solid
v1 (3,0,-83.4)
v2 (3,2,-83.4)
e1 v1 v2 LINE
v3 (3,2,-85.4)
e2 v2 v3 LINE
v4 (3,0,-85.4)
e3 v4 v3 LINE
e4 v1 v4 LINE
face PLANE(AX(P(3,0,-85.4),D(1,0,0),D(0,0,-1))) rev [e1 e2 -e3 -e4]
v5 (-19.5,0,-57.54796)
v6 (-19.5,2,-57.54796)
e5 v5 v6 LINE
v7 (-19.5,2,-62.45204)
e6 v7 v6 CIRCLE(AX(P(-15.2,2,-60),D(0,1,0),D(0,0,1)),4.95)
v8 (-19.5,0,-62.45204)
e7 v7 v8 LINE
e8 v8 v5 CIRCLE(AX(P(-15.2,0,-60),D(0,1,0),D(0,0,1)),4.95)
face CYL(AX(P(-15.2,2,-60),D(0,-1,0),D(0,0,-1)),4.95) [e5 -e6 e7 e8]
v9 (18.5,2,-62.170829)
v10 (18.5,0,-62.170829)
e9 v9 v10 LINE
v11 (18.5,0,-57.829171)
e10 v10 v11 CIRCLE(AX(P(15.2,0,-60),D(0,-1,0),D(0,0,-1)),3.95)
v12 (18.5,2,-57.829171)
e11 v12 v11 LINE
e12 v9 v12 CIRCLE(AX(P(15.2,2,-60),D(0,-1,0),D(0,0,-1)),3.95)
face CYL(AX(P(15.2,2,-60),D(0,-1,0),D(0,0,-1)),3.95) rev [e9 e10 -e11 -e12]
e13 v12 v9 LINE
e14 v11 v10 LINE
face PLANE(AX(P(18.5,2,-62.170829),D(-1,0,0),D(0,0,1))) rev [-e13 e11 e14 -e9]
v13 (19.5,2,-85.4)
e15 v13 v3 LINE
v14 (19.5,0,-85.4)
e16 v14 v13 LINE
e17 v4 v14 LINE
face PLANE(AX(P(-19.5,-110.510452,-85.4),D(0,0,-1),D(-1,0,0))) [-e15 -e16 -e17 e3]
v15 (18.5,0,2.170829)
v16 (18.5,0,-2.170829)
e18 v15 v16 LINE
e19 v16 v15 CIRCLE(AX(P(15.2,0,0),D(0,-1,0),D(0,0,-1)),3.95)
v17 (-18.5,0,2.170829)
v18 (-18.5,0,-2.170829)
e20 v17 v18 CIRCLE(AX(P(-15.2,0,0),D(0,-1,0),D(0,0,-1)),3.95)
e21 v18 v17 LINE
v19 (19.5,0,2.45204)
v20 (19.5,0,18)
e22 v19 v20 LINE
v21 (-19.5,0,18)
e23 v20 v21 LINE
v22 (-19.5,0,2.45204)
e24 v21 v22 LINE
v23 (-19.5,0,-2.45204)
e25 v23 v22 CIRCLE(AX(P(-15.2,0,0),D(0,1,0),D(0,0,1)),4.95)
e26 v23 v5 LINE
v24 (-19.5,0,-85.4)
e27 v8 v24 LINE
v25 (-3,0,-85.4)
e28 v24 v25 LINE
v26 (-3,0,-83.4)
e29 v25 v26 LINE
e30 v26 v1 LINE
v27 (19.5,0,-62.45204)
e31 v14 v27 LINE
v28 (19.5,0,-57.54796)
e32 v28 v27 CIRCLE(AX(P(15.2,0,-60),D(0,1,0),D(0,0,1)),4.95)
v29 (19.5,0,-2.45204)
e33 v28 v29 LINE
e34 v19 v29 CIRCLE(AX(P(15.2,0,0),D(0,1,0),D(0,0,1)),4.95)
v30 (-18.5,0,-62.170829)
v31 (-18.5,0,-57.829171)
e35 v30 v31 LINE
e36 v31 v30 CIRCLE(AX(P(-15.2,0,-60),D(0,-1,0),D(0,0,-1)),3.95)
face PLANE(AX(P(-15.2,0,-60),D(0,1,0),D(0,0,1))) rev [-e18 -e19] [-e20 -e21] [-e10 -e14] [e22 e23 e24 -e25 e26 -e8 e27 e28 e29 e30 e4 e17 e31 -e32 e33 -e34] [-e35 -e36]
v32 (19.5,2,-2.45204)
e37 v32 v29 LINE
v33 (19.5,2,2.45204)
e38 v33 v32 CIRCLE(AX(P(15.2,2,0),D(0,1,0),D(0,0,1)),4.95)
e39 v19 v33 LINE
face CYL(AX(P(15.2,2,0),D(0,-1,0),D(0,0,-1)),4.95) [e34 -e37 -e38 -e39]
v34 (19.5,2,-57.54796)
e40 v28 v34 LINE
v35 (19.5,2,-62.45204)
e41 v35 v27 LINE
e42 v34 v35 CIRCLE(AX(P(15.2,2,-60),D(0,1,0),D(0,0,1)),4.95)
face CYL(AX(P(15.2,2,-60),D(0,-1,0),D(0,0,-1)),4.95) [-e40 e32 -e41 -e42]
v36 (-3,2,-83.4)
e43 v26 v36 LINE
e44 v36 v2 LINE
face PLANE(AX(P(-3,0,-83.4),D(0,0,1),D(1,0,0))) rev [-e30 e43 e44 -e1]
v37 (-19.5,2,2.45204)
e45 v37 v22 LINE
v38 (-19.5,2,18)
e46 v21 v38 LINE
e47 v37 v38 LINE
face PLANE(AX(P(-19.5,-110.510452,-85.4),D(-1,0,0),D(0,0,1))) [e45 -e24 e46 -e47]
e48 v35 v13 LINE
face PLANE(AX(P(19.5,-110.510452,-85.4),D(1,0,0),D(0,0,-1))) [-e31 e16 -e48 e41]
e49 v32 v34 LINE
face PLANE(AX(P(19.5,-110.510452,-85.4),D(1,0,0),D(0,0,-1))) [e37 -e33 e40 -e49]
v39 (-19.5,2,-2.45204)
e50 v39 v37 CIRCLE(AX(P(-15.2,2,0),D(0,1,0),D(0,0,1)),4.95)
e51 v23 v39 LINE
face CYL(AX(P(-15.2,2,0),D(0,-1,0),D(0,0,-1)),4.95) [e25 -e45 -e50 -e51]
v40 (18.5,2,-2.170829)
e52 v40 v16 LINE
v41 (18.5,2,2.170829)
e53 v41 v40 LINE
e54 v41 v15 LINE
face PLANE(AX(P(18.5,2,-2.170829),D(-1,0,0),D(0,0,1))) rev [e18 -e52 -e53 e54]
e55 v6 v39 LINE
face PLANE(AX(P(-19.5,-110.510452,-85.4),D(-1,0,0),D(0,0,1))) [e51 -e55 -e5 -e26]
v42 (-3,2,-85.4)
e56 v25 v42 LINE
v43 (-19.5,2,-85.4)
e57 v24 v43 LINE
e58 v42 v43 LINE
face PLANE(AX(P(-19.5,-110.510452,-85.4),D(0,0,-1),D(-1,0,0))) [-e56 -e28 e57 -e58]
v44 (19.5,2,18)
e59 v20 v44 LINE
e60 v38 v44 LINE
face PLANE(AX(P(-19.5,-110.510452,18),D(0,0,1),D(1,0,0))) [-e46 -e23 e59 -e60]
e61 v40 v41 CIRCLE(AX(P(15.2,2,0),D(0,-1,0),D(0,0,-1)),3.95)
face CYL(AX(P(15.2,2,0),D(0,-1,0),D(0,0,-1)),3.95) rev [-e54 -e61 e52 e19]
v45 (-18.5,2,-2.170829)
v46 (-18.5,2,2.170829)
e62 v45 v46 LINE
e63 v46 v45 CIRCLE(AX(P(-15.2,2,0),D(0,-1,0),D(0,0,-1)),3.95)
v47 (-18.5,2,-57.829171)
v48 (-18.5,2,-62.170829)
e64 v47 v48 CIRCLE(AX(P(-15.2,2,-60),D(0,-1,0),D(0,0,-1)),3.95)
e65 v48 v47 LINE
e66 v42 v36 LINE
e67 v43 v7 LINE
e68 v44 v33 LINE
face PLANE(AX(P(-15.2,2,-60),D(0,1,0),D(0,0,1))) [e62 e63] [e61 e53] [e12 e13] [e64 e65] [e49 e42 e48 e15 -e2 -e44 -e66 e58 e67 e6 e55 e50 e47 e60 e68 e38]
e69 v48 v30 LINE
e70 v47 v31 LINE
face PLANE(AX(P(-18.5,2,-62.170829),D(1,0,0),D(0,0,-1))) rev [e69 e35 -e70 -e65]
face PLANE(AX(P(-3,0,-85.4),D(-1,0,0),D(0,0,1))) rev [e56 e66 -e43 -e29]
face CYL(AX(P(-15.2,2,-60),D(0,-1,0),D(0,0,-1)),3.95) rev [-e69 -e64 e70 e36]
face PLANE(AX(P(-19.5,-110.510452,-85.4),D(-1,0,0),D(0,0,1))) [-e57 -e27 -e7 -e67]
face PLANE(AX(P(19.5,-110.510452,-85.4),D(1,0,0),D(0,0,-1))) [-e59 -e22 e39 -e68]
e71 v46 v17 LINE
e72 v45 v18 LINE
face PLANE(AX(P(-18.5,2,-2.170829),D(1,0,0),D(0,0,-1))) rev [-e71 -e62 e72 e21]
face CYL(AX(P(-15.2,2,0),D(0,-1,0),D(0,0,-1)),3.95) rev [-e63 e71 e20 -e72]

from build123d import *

# Parameters (mm, degrees)
SKETCH1_R             = 4.95
BOSS_EXTRUDE1_DEPTH   = 2
BOSS_EXTRUDE1_2_DEPTH = 2
BOSS_EXTRUDE1_3_DEPTH = 2
BOSS_EXTRUDE1_4_DEPTH = 2
SKETCH2_W             = 39
SKETCH2_H             = 103.4
BOSS_EXTRUDE2_DEPTH   = 2
SKETCH3_W             = 6
SKETCH3_H             = 2
CUT_EXTRUDE1_DEPTH    = 88.767775977
CUT_EXTRUDE2_DEPTH    = 88.767775977


with BuildPart() as part:
    # Sketch1 → Boss-Extrude1 (new body)
    with BuildSketch(Plane(origin=(0, 0, 0), x_dir=(1, 0, 0), z_dir=(0, 1, 0))):
        with Locations(Location((-15.2, 60, 0), (0, 0, 270))):
            Circle(SKETCH1_R)
    extrude(amount=BOSS_EXTRUDE1_DEPTH)



with BuildPart() as body_2:
    # Sketch1 → Boss-Extrude1 2 (new body)
    with BuildSketch(Plane(origin=(0, 0, 0), x_dir=(1, 0, 0), z_dir=(0, 1, 0))):
        with Locations(Location((15.2, 60, 0), (0, 0, 270))):
            Circle(SKETCH1_R)
    extrude(amount=BOSS_EXTRUDE1_2_DEPTH)


with BuildPart() as body_3:
    # Sketch1 → Boss-Extrude1 3 (new body)
    with BuildSketch(Plane(origin=(0, 0, 0), x_dir=(1, 0, 0), z_dir=(0, 1, 0))):
        with Locations(Location((15.2, 0, 0), (0, 0, 270))):
            Circle(SKETCH1_R)
    extrude(amount=BOSS_EXTRUDE1_3_DEPTH)


with BuildPart() as body_4:
    # Sketch1 → Boss-Extrude1 4 (new body)
    with BuildSketch(Plane(origin=(0, 0, 0), x_dir=(1, 0, 0), z_dir=(0, 1, 0))):
        with Locations(Location((-15.2, 0, 0), (0, 0, 270))):
            Circle(SKETCH1_R)
    extrude(amount=BOSS_EXTRUDE1_4_DEPTH)


with BuildPart() as part_1:
    add(part.part)

    add(body_2.part)  # Boss-Extrude2 merges body 2

    add(body_3.part)  # Boss-Extrude2 merges body 3

    add(body_4.part)  # Boss-Extrude2 merges body 4
    # Sketch2 → Boss-Extrude2 (add)
    with BuildSketch(Plane(origin=(0, 2, 0), x_dir=(1, 0, 0), z_dir=(0, 1, 0))):
        with Locations((0, 33.7)):
            Rectangle(SKETCH2_W, SKETCH2_H)
    extrude(amount=-BOSS_EXTRUDE2_DEPTH)

    # Sketch3 → Cut-Extrude1 (cut, through all)
    with BuildSketch(Plane(origin=(0, 2, 0), x_dir=(1, 0, 0), z_dir=(0, 1, 0))):
        with Locations((0, 84.4)):
            Rectangle(SKETCH3_W, SKETCH3_H)
    extrude(amount=-CUT_EXTRUDE1_DEPTH, mode=Mode.SUBTRACT)

    # Sketch5 → Cut-Extrude2 (cut, through all)
    with BuildSketch(Plane.XZ):
        with BuildLine():
            Line((18.5, -62.170829335), (18.5, -57.829170665))
            ThreePointArc((18.5, -57.829170665), (19.15, -60), (18.5, -62.170829335))
        make_face()
        with BuildLine():
            Line((18.5, -2.170829335), (18.5, 2.170829335))
            ThreePointArc((18.5, 2.170829335), (19.15, 0), (18.5, -2.170829335))
        make_face()
        with BuildLine():
            Line((-18.5, -2.170829335), (-18.5, 2.170829335))
            ThreePointArc((-18.5, 2.170829335), (-19.15, 0), (-18.5, -2.170829335))
        make_face()
        with BuildLine():
            Line((-18.5, -62.170829335), (-18.5, -57.829170665))
            ThreePointArc((-18.5, -57.829170665), (-19.15, -60), (-18.5, -62.170829335))
        make_face()
    extrude(amount=-CUT_EXTRUDE2_DEPTH, mode=Mode.SUBTRACT)


solid = part_1.part
